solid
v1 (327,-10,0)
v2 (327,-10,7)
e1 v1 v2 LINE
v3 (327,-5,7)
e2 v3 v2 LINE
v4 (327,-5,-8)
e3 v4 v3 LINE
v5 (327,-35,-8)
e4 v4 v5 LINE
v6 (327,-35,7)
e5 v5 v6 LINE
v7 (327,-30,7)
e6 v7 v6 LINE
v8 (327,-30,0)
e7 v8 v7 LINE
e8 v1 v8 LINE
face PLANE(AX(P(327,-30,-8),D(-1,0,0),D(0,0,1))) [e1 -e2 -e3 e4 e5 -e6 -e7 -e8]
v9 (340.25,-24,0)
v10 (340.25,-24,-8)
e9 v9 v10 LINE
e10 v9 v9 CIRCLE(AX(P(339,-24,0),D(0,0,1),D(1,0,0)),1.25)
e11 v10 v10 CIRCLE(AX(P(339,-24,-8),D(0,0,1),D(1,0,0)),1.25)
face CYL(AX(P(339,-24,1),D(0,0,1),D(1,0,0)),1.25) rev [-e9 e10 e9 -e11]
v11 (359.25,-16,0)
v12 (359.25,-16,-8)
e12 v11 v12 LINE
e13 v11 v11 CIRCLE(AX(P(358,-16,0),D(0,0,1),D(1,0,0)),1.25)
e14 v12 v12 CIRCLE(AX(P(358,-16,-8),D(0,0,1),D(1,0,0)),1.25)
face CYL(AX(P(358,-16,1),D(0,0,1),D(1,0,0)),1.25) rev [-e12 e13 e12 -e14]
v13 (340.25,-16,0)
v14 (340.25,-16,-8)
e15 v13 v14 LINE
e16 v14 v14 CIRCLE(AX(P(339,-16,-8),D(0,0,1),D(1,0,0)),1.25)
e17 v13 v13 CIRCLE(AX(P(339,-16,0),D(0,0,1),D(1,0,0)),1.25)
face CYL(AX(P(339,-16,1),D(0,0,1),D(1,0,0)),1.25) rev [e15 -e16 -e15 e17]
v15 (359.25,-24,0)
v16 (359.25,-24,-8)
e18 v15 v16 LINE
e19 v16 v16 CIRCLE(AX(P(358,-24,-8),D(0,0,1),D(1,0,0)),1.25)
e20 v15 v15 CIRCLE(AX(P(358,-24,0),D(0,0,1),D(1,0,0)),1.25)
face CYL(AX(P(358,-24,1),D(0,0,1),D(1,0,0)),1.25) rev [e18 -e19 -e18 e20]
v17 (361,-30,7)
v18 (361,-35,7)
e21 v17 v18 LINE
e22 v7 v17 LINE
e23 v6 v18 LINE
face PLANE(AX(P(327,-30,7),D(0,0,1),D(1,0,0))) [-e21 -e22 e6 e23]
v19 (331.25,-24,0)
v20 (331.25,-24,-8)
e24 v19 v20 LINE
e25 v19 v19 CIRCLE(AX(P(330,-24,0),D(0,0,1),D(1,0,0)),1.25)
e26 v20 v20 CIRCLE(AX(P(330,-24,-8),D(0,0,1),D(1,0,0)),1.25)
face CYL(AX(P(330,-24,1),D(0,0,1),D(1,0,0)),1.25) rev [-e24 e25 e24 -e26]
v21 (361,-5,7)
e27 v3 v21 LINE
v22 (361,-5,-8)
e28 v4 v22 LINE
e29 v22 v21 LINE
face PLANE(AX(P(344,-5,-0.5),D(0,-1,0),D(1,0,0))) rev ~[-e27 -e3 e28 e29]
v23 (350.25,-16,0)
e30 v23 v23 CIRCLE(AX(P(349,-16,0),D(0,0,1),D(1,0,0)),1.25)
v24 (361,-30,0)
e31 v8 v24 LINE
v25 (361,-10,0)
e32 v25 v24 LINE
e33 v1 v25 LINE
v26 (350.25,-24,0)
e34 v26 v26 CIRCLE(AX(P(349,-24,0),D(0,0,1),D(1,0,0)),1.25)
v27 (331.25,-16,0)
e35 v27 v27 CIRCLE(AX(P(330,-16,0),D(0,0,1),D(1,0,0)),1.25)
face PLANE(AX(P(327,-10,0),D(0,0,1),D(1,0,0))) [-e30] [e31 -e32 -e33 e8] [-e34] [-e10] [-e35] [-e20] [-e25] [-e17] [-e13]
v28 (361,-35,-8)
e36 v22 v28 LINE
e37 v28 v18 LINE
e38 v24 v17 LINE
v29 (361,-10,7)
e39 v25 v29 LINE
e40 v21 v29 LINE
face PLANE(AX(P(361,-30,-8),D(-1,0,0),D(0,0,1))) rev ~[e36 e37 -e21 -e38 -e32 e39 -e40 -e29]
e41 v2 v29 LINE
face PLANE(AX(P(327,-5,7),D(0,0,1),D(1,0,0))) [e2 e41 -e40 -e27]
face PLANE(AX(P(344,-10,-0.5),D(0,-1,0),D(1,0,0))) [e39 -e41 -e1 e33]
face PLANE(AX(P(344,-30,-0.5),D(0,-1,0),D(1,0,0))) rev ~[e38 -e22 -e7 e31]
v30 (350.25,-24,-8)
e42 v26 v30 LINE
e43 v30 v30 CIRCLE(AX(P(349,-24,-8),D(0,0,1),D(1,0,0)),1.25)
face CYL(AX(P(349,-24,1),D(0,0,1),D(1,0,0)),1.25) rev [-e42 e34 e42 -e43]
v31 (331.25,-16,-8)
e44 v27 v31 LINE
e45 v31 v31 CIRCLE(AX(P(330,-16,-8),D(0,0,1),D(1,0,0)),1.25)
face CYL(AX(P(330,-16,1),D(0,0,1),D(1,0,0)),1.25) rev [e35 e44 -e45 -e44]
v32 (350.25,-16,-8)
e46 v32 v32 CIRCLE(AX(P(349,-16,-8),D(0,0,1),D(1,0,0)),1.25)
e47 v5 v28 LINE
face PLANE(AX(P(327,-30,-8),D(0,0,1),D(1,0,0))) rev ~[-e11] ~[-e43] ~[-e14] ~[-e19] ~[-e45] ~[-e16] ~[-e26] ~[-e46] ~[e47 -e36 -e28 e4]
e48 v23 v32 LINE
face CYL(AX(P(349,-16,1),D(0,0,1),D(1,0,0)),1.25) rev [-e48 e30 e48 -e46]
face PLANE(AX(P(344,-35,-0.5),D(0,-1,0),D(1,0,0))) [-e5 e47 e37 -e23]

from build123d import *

# Parameters (mm, degrees)
CYLINDER065_R          = 1.25
CYLINDER065_DEPTH      = 10
CYLINDER066_R          = 1.25
CYLINDER066_DEPTH      = 10
CYLINDER067_R          = 1.25
CYLINDER067_DEPTH      = 10
CYLINDER068_R          = 1.25
CYLINDER068_DEPTH      = 10
CYLINDER070_R          = 1.25
CYLINDER070_DEPTH      = 10
CYLINDER069_R          = 1.25
CYLINDER069_DEPTH      = 10
CYLINDER063_R          = 1.25
CYLINDER063_DEPTH      = 10
CYLINDER064_R          = 1.25
CYLINDER064_DEPTH      = 10
BOX028_W               = 34
BOX028_H               = 8
BOX028_DEPTH           = 20
BOX029_W               = 34
BOX029_H               = 15
BOX029_DEPTH           = 5
BOX027_W               = 34
BOX027_H               = 15
BOX027_DEPTH           = 5
CUT031_PLACEMENT_ANGLE = 90


with BuildPart() as cylinder065:
    # Cylinder065 → Cylinder065 (new body)
    with BuildSketch(Plane(origin=(87.5, 61, 14), x_dir=(1, 0, 0), z_dir=(0, -1, 0))):
        Circle(CYLINDER065_R)
    extrude(amount=CYLINDER065_DEPTH)


with BuildPart() as cylinder066:
    # Cylinder066 → Cylinder066 (new body)
    with BuildSketch(Plane(origin=(87.5, 11, 14), x_dir=(1, 0, 0), z_dir=(0, -1, 0))):
        Circle(CYLINDER066_R)
    extrude(amount=CYLINDER066_DEPTH)


with BuildPart() as fusion056:
    # Fusion056 base: copy of Cylinder066
    add(cylinder066.part)

    # Fusion056: union Cylinder065
    add(cylinder065.part)


with BuildPart() as fusion056_1:
    # Fusion056 placement: moved
    add(fusion056.part.moved(Location((251.5, 0, 0))))


with BuildPart() as cylinder067:
    # Cylinder067 → Cylinder067 (new body)
    with BuildSketch(Plane(origin=(87.5, 61, 14), x_dir=(1, 0, 0), z_dir=(0, -1, 0))):
        Circle(CYLINDER067_R)
    extrude(amount=CYLINDER067_DEPTH)


with BuildPart() as cylinder068:
    # Cylinder068 → Cylinder068 (new body)
    with BuildSketch(Plane(origin=(87.5, 11, 14), x_dir=(1, 0, 0), z_dir=(0, -1, 0))):
        Circle(CYLINDER068_R)
    extrude(amount=CYLINDER068_DEPTH)


with BuildPart() as fusion057:
    # Fusion057 base: copy of Cylinder068
    add(cylinder068.part)

    # Fusion057: union Cylinder067
    add(cylinder067.part)


with BuildPart() as fusion057_1:
    # Fusion057 placement: moved
    add(fusion057.part.moved(Location((261.5, 0, 0))))


with BuildPart() as cylinder070:
    # Cylinder070 → Cylinder070 (new body)
    with BuildSketch(Plane(origin=(87.5, 61, 14), x_dir=(1, 0, 0), z_dir=(0, -1, 0))):
        Circle(CYLINDER070_R)
    extrude(amount=CYLINDER070_DEPTH)


with BuildPart() as cylinder069:
    # Cylinder069 → Cylinder069 (new body)
    with BuildSketch(Plane(origin=(87.5, 11, 14), x_dir=(1, 0, 0), z_dir=(0, -1, 0))):
        Circle(CYLINDER069_R)
    extrude(amount=CYLINDER069_DEPTH)


with BuildPart() as fusion055:
    # Fusion055 base: copy of Cylinder069
    add(cylinder069.part)

    # Fusion055: union Cylinder070
    add(cylinder070.part)


with BuildPart() as fusion055_1:
    # Fusion055 placement: moved
    add(fusion055.part.moved(Location((270.5, 0, 0))))


with BuildPart() as cylinder063:
    # Cylinder063 → Cylinder063 (new body)
    with BuildSketch(Plane(origin=(87.5, 61, 14), x_dir=(1, 0, 0), z_dir=(0, -1, 0))):
        Circle(CYLINDER063_R)
    extrude(amount=CYLINDER063_DEPTH)


with BuildPart() as cylinder064:
    # Cylinder064 → Cylinder064 (new body)
    with BuildSketch(Plane(origin=(87.5, 11, 14), x_dir=(1, 0, 0), z_dir=(0, -1, 0))):
        Circle(CYLINDER064_R)
    extrude(amount=CYLINDER064_DEPTH)


with BuildPart() as fusion065:
    # Fusion058 base: copy of Cylinder064
    add(cylinder064.part)

    # Fusion058: union Cylinder063
    add(cylinder063.part)


with BuildPart() as fusion065_1:
    # Fusion058 placement: moved
    add(fusion065.part.moved(Location((242.5, 0, 0))))

    # Fusion065: union Fusion056, Fusion057, Fusion055
    add(fusion056_1.part)
    add(fusion057_1.part)
    add(fusion055_1.part)


with BuildPart() as fusion065_2:
    # Fusion065 placement: moved
    add(fusion065_1.part.moved(Location((0, 0, -8))))


with BuildPart() as fusion050:
    # Fusion050 base: copy of Cylinder066
    add(cylinder066.part)

    # Fusion050: union Cylinder065
    add(cylinder065.part)


with BuildPart() as fusion050_1:
    # Fusion050 placement: moved
    add(fusion050.part.moved(Location((251.5, 0, 0))))


with BuildPart() as fusion051:
    # Fusion051 base: copy of Cylinder068
    add(cylinder068.part)

    # Fusion051: union Cylinder067
    add(cylinder067.part)


with BuildPart() as fusion051_1:
    # Fusion051 placement: moved
    add(fusion051.part.moved(Location((261.5, 0, 0))))


with BuildPart() as fusion052:
    # Fusion052 base: copy of Cylinder069
    add(cylinder069.part)

    # Fusion052: union Cylinder070
    add(cylinder070.part)


with BuildPart() as fusion052_1:
    # Fusion052 placement: moved
    add(fusion052.part.moved(Location((270.5, 0, 0))))


with BuildPart() as fusion063:
    # Fusion049 base: copy of Cylinder064
    add(cylinder064.part)

    # Fusion049: union Cylinder063
    add(cylinder063.part)


with BuildPart() as fusion063_1:
    # Fusion049 placement: moved
    add(fusion063.part.moved(Location((242.5, 0, 0))))

    # Fusion064: union Fusion050, Fusion051, Fusion052
    add(fusion050_1.part)
    add(fusion051_1.part)
    add(fusion052_1.part)

    # Fusion063: union Fusion065
    add(fusion065_2.part)


with BuildPart() as fusion063_2:
    # Fusion063 placement: moved
    add(fusion063_1.part.moved(Location((0, -10, 0))))


with BuildPart() as cube007:
    # Box028 → Box028 (new body)
    with BuildSketch(Plane(origin=(0, -10, 0), x_dir=(1, 0, 0), z_dir=(0, 0, 1))):
        with Locations((17, 4)):
            Rectangle(BOX028_W, BOX028_H)
    extrude(amount=BOX028_DEPTH)


with BuildPart() as cube008:
    # Box029 → Box029 (new body)
    with BuildSketch(Plane(origin=(0, -10, 20), x_dir=(1, 0, 0), z_dir=(0, 0, 1))):
        with Locations((17, 7.5)):
            Rectangle(BOX029_W, BOX029_H)
    extrude(amount=BOX029_DEPTH)


with BuildPart() as cut031:
    # Box027 → Box027 (new body)
    with BuildSketch(Plane(origin=(0, -10, -5), x_dir=(1, 0, 0), z_dir=(0, 0, 1))):
        with Locations((17, 7.5)):
            Rectangle(BOX027_W, BOX027_H)
    extrude(amount=BOX027_DEPTH)

    # Fusion067: union Cube007, Cube008
    add(cube007.part)
    add(cube008.part)


with BuildPart() as cut031_1:
    # Fusion067 placement: moved
    add(cut031.part.moved(Location((327, 2, 0))))

    # Cut031: cut Fusion063
    add(fusion063_2.part, mode=Mode.SUBTRACT)


with BuildPart() as cut031_2:
    # Cut031 placement: moved
    add(cut031_1.part.moved(Location((0, -10, 0))).rotate(Axis((0, -10, 0), (1, 0, 0)), CUT031_PLACEMENT_ANGLE))


solid = cut031_2.part
